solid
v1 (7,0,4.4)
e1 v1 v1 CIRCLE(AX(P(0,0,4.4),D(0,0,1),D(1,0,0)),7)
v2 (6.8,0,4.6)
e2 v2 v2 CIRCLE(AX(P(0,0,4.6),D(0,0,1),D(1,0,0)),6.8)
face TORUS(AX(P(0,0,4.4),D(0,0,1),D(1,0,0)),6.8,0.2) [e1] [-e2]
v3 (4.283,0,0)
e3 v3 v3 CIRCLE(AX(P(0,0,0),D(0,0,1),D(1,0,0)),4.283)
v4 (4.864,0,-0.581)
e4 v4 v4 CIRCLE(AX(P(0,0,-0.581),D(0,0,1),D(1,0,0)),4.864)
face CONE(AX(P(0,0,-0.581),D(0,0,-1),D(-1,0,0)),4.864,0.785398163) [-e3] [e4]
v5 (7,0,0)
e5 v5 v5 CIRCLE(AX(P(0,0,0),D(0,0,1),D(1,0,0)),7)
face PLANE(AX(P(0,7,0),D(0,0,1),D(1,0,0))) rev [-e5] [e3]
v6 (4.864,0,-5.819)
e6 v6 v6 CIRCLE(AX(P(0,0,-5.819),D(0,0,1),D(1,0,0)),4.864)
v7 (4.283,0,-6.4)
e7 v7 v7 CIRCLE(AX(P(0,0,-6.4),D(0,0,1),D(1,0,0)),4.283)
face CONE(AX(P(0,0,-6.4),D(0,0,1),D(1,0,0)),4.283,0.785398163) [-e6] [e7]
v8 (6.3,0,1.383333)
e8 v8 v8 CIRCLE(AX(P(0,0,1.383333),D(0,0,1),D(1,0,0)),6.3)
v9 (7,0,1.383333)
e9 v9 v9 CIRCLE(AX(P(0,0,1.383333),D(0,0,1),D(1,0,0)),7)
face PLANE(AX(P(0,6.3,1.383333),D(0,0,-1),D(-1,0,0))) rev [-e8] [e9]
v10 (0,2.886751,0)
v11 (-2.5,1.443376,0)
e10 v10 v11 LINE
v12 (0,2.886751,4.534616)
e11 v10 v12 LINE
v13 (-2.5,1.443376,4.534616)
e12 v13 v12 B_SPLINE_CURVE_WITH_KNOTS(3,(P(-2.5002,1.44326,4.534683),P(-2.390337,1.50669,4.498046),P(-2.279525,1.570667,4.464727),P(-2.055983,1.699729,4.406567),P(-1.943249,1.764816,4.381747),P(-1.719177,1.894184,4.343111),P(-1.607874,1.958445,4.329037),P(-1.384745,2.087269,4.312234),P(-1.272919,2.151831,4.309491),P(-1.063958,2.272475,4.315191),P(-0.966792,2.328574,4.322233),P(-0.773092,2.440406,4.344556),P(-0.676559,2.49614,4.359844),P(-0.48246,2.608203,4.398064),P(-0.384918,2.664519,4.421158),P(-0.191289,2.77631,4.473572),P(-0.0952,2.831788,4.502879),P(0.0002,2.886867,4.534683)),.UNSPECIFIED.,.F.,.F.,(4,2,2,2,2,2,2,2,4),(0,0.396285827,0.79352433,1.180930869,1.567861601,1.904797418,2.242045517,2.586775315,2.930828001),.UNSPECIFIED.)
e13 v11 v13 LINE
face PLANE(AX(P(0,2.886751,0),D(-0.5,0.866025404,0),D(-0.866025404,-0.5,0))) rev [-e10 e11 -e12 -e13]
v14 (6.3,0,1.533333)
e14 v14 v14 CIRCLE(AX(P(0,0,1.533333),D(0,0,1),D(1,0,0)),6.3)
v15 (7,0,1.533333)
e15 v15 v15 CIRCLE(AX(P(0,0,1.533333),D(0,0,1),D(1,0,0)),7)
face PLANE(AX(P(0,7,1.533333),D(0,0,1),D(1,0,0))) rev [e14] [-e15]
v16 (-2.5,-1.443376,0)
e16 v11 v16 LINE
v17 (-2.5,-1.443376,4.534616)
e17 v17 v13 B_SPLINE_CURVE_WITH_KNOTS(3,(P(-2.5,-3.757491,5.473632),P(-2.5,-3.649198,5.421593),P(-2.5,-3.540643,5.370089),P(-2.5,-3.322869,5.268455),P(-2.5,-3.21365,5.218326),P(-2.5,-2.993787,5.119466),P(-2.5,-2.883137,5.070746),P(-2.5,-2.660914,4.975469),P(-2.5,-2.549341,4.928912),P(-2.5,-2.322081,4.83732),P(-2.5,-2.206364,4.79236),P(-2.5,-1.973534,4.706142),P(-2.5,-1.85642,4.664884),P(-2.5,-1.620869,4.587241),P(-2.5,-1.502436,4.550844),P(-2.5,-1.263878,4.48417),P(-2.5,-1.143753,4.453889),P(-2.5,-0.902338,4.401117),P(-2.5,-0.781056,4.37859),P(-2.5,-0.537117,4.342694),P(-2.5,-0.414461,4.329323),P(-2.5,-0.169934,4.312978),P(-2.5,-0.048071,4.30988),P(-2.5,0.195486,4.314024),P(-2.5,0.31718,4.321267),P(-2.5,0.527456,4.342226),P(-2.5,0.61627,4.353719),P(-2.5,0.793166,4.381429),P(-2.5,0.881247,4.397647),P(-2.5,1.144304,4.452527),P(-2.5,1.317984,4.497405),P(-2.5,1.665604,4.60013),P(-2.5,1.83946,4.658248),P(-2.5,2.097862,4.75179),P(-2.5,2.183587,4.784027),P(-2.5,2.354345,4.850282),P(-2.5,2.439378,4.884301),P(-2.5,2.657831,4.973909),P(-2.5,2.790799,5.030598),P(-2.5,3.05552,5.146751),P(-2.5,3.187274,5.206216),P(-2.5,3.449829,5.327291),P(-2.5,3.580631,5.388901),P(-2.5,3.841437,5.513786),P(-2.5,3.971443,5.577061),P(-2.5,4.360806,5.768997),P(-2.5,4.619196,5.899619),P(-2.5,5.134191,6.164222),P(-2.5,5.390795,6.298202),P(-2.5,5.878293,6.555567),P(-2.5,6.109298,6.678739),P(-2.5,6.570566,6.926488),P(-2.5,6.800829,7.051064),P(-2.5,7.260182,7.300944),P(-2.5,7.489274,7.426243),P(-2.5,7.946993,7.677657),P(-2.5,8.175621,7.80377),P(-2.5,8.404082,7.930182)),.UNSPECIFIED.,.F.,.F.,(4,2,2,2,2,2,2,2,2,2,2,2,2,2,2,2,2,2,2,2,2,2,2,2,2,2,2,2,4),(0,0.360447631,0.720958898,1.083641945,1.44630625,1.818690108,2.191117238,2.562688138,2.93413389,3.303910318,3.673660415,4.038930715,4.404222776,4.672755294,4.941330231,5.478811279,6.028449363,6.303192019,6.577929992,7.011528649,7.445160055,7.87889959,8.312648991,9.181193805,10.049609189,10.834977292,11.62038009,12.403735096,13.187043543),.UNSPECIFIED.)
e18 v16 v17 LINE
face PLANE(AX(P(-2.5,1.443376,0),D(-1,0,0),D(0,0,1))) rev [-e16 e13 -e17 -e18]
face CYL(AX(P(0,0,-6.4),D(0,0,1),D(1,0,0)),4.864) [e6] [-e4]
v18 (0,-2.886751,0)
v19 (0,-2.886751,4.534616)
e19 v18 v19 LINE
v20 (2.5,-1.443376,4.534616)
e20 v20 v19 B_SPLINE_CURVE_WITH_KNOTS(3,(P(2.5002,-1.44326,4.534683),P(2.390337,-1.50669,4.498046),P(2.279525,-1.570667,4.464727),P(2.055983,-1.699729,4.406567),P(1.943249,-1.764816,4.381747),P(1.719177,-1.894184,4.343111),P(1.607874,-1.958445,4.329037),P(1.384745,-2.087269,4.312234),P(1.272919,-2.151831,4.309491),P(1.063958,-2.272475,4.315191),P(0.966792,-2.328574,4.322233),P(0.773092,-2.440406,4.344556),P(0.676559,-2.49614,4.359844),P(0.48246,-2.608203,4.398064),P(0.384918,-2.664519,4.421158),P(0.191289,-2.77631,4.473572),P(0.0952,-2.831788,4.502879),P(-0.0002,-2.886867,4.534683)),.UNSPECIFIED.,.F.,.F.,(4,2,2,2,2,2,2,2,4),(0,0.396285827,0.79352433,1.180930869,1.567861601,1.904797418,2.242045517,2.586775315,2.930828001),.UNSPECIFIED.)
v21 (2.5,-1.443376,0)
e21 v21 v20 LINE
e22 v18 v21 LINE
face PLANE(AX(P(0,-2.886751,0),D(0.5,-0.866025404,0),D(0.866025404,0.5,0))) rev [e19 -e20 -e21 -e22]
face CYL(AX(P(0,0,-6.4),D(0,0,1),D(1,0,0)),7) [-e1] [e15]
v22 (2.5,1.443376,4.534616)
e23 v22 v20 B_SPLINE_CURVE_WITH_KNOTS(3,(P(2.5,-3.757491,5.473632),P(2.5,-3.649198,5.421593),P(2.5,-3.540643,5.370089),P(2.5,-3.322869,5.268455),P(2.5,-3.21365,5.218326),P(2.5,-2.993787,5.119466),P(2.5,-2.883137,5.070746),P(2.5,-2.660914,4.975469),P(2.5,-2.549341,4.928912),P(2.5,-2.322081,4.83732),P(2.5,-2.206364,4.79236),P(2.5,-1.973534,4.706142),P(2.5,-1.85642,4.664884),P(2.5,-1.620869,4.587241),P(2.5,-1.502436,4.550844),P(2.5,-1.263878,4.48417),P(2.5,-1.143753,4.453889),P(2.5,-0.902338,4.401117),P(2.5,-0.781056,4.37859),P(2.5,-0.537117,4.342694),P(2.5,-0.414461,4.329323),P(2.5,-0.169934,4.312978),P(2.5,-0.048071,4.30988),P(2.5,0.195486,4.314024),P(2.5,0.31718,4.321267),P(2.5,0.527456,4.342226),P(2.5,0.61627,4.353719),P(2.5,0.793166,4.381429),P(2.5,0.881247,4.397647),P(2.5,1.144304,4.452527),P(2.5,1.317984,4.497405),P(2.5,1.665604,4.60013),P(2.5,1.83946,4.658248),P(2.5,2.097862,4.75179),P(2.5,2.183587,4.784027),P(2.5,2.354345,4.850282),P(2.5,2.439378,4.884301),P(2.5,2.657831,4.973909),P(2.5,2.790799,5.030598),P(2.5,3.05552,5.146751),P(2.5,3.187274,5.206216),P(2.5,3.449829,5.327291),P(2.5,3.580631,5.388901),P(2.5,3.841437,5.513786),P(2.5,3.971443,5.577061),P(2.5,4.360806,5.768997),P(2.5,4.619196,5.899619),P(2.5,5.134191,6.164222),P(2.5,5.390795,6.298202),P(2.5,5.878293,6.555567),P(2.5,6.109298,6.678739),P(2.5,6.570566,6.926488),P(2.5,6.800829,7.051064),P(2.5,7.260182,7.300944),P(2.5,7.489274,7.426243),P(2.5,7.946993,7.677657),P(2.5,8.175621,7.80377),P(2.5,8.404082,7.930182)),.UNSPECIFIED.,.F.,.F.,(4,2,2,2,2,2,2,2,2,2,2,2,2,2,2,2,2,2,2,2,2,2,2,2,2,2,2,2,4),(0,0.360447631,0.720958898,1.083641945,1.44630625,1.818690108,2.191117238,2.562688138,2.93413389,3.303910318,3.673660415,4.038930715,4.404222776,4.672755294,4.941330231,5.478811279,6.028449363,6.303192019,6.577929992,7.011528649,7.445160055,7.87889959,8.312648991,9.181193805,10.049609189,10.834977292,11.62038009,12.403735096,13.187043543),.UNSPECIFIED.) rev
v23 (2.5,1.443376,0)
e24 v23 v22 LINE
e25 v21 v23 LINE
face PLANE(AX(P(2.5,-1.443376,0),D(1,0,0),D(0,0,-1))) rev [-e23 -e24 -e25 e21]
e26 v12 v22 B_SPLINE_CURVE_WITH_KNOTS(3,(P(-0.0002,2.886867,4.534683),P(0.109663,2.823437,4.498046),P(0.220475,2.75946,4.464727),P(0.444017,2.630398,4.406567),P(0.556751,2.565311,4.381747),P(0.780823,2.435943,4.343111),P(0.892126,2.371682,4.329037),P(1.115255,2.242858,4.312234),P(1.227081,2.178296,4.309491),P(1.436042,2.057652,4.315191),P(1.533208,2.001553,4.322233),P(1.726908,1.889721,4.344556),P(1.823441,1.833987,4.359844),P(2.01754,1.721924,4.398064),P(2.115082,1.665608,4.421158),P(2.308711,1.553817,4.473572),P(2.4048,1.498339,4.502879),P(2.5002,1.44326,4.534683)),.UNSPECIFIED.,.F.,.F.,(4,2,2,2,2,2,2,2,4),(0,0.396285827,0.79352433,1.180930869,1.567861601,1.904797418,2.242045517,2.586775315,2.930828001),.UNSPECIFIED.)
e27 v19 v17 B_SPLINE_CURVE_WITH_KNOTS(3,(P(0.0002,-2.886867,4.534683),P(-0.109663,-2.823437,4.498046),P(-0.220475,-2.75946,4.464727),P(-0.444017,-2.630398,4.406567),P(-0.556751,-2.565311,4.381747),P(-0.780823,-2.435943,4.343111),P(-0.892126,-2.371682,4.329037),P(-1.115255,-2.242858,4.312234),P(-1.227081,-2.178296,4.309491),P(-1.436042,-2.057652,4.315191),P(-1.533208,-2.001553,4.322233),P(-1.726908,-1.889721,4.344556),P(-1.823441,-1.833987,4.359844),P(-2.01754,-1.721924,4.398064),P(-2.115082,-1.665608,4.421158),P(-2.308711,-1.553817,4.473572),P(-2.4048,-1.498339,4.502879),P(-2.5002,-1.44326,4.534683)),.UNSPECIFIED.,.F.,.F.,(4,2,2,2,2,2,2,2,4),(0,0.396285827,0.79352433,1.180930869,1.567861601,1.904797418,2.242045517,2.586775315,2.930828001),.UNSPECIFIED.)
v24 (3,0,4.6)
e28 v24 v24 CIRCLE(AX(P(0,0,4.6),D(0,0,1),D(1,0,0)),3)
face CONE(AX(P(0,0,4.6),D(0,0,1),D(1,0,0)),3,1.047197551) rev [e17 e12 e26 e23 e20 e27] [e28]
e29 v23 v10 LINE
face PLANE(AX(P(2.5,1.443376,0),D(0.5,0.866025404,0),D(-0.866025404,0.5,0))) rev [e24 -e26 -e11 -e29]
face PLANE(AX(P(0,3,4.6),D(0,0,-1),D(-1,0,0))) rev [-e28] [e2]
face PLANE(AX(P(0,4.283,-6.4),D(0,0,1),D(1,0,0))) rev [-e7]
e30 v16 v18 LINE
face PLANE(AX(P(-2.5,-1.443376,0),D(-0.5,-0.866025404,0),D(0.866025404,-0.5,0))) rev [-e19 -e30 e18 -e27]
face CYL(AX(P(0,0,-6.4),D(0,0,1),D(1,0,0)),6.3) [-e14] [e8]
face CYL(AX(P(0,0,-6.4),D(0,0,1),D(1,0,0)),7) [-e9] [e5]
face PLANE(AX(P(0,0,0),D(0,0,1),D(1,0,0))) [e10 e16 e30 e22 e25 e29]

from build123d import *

# Parameters (mm, degrees)
CUT_EXTRUDE1_DEPTH = 4.6


with BuildPart() as part:
    # Sketch1 → Revolve1 (revolve)
    with BuildSketch(Plane(origin=(0, 0, 0), x_dir=(0, 0, -1), z_dir=(1, 0, 0))):
        with BuildLine():
            Line((-2.867949192, 0), (-4.6, 3))
            Line((-4.6, 3), (-4.6, 6.8))
            ThreePointArc((-4.6, 6.8), (-4.541421356, 6.941421356), (-4.4, 7))
            Line((-4.4, 7), (-1.533333333, 7))
            Line((-1.533333333, 7), (-1.533333333, 6.3))
            Line((-1.533333333, 6.3), (-1.383333333, 6.3))
            Line((-1.383333333, 6.3), (-1.383333333, 7))
            Line((-1.383333333, 7), (0, 7))
            Line((0, 7), (0, 4.283))
            Line((0, 4.283), (0.581, 4.864))
            Line((0.581, 4.864), (5.819, 4.864))
            Line((5.819, 4.864), (6.4, 4.283))
            Line((6.4, 4.283), (6.4, 0))
            Line((6.4, 0), (-2.867949192, 0))
        make_face()
    revolve(axis=Axis((0, 0, -6.4), (0, 0, 1)))

    # Sketch2 → Cut-Extrude1 (cut)
    with BuildSketch(Plane.XY.offset(4.6)):
        Polygon((-2.5, -1.443375673), (0, -2.886751346), (2.5, -1.443375673), (2.5, 1.443375673), (0, 2.886751346), (-2.5, 1.443375673), align=None)
    extrude(amount=-CUT_EXTRUDE1_DEPTH, mode=Mode.SUBTRACT)


solid = part.part
